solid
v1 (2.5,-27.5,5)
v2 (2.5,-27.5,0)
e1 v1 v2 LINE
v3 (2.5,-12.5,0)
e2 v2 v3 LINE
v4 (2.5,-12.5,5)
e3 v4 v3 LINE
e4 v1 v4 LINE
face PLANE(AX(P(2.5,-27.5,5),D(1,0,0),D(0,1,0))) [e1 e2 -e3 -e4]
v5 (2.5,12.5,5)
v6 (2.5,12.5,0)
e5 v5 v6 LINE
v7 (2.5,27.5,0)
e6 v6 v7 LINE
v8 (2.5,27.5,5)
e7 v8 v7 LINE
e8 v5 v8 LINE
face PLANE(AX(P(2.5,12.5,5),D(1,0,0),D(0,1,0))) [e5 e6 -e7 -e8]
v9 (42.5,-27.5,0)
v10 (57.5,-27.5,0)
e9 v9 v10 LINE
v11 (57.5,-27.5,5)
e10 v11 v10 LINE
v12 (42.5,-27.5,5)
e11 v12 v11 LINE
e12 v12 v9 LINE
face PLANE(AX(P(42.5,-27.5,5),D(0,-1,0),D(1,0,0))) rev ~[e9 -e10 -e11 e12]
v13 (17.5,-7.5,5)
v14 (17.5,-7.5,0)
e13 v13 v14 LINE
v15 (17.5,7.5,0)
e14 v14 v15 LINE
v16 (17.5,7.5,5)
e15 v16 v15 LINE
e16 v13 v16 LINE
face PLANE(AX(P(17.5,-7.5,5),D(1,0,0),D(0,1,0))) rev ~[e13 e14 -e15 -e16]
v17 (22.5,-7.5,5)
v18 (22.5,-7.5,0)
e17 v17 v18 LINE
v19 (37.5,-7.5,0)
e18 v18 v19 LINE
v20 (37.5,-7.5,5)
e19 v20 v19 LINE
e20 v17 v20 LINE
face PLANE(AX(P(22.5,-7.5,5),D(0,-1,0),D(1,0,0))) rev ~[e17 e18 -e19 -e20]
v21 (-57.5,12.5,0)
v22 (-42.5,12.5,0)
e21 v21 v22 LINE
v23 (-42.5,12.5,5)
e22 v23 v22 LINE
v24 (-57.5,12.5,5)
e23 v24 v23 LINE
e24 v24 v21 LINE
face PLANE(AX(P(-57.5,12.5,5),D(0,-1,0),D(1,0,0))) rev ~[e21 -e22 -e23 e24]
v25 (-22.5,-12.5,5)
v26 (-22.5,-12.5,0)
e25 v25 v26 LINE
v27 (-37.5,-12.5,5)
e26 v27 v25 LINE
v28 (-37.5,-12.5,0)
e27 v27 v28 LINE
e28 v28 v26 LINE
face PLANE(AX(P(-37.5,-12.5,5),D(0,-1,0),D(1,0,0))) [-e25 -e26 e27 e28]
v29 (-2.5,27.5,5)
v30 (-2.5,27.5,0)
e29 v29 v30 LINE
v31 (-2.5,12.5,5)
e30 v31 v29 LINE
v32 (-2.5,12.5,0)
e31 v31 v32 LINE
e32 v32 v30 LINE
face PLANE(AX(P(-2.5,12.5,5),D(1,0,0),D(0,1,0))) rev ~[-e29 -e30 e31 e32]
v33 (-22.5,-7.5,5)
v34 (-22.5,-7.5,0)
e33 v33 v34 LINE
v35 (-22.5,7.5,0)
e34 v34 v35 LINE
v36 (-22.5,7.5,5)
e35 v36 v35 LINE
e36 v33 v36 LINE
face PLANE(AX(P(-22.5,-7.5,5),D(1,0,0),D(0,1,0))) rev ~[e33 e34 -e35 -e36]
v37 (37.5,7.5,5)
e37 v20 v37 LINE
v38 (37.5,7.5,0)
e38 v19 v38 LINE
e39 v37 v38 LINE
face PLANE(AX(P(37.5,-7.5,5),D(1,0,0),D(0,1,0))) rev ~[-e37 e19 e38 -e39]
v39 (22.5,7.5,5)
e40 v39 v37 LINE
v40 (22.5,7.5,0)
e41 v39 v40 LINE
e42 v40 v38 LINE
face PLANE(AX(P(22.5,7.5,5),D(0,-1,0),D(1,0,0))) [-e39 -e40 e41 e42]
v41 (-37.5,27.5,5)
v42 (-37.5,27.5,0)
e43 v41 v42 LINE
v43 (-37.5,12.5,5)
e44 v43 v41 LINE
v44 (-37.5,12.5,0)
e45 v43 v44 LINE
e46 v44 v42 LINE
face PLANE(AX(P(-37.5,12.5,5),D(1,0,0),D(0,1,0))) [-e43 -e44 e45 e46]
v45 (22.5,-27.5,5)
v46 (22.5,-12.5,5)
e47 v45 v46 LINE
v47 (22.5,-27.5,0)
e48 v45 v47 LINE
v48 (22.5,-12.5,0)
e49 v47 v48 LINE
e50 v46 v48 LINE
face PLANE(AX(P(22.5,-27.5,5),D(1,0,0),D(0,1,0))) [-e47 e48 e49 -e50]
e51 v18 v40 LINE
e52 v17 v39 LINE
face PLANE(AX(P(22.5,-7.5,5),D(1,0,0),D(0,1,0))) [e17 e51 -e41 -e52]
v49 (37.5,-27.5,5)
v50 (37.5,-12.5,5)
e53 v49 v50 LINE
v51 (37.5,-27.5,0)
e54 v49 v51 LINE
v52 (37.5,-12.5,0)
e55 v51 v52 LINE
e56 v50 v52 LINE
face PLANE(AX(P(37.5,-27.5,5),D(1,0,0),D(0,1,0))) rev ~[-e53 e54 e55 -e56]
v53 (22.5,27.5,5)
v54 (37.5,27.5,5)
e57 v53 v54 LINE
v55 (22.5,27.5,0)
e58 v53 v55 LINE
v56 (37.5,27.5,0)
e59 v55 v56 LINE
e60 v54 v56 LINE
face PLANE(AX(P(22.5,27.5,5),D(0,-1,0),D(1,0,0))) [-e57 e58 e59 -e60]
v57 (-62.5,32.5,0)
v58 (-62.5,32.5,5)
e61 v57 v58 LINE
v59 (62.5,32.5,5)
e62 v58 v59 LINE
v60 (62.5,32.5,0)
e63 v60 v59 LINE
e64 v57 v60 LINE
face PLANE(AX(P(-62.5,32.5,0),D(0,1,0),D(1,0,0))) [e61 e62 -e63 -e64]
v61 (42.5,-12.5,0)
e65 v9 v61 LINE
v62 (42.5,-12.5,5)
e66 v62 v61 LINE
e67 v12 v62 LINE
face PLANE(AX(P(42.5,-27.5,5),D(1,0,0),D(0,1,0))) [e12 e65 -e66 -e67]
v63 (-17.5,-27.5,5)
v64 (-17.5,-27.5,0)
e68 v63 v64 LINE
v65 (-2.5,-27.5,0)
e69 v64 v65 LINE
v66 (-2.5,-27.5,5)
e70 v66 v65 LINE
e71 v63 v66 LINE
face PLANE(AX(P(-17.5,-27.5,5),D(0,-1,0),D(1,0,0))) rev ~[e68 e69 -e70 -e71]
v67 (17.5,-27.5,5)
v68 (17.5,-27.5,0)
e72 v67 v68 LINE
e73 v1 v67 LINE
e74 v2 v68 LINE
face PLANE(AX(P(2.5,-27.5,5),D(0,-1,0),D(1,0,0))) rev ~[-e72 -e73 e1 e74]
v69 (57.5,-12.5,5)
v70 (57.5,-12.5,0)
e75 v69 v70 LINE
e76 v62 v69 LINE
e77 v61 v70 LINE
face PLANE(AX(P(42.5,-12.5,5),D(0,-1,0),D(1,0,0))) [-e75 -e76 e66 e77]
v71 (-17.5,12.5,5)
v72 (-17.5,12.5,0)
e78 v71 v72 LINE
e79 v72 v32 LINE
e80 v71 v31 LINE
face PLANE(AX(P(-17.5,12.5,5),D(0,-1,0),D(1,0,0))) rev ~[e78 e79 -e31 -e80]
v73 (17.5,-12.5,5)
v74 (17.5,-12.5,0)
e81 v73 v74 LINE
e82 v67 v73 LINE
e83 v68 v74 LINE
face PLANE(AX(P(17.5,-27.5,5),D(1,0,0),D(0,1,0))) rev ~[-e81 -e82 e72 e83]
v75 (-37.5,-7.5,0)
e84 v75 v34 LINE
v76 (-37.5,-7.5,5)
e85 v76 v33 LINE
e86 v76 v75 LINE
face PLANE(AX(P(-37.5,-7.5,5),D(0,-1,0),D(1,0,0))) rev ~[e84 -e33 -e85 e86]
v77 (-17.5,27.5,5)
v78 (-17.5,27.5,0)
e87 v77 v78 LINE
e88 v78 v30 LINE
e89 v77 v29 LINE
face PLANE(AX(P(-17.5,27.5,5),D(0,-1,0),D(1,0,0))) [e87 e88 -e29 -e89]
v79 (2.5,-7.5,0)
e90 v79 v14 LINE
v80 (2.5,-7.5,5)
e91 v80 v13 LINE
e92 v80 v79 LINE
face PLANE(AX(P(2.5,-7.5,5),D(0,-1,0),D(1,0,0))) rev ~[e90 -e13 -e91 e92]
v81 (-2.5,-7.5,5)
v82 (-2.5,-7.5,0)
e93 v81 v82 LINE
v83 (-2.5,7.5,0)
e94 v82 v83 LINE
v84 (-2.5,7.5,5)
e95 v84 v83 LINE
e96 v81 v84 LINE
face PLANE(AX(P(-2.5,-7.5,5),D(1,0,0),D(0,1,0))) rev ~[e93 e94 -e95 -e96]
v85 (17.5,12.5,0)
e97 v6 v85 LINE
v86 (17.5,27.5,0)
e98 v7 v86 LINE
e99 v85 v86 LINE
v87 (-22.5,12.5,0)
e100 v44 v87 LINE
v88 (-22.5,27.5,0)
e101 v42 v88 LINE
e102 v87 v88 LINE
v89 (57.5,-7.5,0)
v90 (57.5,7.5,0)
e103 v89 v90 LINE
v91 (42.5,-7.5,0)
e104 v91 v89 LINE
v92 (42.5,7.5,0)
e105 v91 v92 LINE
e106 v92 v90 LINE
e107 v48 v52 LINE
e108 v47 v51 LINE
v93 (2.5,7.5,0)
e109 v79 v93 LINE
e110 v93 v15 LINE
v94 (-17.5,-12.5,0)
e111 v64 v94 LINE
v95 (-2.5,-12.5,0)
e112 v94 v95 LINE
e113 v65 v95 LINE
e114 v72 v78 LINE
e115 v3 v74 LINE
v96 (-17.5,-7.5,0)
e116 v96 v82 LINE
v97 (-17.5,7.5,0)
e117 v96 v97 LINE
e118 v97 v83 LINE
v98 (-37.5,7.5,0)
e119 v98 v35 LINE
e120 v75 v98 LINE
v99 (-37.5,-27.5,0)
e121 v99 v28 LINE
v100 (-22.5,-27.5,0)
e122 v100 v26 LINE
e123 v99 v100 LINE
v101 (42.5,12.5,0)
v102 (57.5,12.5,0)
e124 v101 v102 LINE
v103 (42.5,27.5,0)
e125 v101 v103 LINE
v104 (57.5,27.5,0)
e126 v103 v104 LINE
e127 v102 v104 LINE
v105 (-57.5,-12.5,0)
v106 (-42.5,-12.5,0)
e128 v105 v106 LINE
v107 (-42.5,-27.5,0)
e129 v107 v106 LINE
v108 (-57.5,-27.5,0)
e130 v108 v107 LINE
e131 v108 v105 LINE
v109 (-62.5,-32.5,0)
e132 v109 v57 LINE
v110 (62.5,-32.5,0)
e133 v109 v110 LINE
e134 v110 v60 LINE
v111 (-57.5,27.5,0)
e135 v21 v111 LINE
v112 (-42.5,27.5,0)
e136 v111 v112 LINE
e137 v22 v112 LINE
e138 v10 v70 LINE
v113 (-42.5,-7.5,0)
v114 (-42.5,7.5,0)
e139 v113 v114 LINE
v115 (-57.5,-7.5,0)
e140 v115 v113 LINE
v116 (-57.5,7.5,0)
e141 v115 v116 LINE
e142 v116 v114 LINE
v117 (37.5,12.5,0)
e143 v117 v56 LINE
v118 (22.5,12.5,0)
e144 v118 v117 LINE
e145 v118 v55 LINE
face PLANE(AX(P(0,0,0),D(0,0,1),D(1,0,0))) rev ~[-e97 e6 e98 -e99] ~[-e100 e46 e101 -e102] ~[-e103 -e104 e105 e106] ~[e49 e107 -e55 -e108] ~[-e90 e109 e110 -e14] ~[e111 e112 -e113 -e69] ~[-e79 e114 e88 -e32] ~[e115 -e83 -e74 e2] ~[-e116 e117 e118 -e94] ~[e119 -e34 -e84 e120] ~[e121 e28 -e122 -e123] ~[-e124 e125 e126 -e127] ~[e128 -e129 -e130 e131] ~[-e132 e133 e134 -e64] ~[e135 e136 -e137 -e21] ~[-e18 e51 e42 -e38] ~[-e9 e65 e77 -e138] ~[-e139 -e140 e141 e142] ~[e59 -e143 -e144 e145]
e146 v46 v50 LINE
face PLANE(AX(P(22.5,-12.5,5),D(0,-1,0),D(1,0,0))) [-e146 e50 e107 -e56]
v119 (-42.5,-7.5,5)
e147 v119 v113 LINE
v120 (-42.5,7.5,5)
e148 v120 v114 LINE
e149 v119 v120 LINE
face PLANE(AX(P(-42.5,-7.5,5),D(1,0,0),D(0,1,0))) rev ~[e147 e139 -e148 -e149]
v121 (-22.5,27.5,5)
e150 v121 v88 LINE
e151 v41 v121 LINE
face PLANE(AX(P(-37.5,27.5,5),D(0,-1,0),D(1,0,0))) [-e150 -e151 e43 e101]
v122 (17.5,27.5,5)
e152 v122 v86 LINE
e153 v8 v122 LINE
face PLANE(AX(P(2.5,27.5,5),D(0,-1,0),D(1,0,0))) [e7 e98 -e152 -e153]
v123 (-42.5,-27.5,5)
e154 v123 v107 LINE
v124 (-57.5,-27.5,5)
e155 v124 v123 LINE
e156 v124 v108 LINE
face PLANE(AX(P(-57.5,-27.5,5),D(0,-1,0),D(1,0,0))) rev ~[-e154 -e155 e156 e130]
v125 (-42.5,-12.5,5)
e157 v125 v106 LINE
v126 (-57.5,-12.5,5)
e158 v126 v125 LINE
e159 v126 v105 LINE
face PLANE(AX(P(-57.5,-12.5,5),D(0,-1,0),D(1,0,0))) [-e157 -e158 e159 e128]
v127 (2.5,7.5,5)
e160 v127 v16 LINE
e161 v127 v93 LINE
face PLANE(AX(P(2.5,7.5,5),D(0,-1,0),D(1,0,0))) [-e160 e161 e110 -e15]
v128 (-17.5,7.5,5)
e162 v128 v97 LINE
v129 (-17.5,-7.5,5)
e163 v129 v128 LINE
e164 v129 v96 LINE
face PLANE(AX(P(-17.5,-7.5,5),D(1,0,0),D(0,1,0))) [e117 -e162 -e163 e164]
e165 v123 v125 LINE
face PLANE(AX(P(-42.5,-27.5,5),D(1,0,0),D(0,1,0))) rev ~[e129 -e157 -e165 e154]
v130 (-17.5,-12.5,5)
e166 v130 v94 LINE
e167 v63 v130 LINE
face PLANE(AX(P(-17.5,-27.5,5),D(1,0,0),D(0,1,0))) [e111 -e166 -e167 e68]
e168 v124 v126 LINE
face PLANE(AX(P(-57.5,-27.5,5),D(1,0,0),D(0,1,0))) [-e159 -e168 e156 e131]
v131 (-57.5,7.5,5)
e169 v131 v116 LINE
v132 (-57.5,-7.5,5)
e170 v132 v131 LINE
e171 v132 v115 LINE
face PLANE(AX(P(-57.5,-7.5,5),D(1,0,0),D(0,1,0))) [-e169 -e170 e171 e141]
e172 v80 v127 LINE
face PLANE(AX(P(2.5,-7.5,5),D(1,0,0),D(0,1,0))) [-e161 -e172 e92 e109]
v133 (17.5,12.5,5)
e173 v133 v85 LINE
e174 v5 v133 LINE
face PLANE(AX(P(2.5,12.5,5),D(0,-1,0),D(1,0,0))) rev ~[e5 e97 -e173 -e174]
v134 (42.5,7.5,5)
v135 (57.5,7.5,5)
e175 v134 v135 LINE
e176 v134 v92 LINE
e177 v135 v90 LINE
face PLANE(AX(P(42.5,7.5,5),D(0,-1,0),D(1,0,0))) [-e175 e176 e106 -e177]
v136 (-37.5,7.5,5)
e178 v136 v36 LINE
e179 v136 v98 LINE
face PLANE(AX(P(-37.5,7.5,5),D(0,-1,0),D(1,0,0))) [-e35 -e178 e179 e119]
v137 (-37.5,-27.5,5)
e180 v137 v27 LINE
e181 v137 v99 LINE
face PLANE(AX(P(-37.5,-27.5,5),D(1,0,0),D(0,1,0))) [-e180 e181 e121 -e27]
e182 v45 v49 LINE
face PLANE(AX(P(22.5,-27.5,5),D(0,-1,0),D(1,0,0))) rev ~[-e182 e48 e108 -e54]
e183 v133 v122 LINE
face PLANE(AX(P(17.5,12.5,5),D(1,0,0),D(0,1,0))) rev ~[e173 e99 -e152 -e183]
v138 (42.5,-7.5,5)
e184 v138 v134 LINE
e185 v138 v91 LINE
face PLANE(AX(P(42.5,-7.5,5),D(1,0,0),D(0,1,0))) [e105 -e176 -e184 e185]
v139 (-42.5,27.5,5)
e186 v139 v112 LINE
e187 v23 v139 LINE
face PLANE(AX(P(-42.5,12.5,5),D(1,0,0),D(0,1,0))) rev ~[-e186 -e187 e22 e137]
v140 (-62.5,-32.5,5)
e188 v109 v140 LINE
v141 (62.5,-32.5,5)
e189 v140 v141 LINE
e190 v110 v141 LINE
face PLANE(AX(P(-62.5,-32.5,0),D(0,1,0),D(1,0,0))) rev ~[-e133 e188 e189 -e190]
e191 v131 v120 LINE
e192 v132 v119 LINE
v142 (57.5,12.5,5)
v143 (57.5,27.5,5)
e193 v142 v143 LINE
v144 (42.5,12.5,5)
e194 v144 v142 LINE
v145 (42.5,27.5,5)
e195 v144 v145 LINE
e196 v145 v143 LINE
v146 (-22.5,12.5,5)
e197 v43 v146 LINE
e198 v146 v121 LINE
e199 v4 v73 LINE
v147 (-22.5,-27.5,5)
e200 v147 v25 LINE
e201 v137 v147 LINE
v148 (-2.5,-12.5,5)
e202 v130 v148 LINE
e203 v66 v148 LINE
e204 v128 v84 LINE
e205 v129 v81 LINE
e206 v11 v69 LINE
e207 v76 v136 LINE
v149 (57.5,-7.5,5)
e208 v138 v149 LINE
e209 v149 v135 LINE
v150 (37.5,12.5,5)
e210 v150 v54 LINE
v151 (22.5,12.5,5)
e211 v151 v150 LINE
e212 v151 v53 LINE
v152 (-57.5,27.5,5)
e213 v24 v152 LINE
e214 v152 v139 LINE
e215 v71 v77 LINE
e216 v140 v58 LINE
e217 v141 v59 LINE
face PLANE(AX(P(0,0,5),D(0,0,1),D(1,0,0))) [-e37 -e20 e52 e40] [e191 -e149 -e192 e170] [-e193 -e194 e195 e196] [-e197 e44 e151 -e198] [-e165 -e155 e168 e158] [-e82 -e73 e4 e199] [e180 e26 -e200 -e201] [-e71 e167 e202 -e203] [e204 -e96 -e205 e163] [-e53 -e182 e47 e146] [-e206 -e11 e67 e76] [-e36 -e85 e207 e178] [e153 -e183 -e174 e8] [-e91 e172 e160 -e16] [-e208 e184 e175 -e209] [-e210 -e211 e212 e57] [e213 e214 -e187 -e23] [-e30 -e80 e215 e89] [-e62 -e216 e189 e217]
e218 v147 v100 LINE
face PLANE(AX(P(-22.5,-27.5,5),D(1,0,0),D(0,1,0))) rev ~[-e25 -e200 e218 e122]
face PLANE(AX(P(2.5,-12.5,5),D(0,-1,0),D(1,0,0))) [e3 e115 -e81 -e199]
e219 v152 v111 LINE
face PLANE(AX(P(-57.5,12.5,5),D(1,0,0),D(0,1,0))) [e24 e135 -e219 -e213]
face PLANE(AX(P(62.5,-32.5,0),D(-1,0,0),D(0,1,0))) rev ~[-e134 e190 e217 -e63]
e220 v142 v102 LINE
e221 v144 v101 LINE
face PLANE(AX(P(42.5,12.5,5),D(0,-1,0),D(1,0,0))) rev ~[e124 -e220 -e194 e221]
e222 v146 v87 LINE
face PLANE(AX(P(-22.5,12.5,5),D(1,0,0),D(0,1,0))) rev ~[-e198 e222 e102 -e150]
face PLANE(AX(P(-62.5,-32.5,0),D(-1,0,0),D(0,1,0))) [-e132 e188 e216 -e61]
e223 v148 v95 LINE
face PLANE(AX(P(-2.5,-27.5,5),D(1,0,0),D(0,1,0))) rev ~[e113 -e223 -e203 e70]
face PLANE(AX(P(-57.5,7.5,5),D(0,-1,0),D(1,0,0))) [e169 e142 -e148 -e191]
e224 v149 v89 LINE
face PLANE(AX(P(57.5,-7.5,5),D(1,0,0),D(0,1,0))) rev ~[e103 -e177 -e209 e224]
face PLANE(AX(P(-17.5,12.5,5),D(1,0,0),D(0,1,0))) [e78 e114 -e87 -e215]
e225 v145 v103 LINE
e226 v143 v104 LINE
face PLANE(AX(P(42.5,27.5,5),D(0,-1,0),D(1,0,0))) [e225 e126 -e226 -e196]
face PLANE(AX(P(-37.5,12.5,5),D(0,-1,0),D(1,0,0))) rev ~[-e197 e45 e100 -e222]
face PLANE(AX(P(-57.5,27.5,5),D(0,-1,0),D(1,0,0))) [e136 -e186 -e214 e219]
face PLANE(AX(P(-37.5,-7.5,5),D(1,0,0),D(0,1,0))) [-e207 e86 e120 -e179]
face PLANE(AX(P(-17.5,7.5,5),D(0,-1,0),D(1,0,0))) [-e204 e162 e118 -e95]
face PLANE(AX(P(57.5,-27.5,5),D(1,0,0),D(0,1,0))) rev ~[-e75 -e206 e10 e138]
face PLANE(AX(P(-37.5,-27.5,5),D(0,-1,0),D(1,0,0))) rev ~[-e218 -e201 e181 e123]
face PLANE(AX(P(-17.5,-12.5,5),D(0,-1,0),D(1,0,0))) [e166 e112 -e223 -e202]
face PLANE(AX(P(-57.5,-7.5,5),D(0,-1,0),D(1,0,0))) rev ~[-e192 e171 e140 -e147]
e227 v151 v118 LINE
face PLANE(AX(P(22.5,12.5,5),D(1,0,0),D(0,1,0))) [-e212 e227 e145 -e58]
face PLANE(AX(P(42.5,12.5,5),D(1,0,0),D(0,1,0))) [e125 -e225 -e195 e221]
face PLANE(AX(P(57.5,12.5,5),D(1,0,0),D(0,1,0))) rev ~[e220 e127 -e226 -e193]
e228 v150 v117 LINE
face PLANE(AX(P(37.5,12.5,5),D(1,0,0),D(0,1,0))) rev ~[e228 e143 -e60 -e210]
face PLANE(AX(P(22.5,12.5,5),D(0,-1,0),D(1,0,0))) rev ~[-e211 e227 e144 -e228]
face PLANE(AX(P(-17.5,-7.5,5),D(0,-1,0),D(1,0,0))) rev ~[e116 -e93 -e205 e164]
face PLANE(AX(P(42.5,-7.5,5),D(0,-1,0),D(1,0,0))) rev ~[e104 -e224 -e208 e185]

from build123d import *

# Parameters (mm, degrees)
SKETCH_1_W                  = 125
SKETCH_1_H                  = 65
EXTRUDE_1_DEPTH             = 5
SKETCH_2_W                  = 15
SKETCH_2_H                  = 15
CUT_EXTRUDE_1_DEPTH         = 5
PATTERN_LINEAR_1_COUNT      = 6
PATTERN_LINEAR_1_PITCH      = 20
PATTERN_LINEAR_1_COUNT_DIR2 = 3
PATTERN_LINEAR_1_PITCH_DIR2 = 20


with BuildPart() as part:
    # 草图1 → 凸台-拉伸1 (new body)
    with BuildSketch(Plane.XY):
        Rectangle(SKETCH_1_W, SKETCH_1_H)
    extrude(amount=EXTRUDE_1_DEPTH)

    # 草图2 → 切除-拉伸1 (cut)
    with BuildSketch(Plane.XY.offset(5)):
        with Locations((-50, 20)):
            Rectangle(SKETCH_2_W, SKETCH_2_H)
    cut_extrude_1 = extrude(amount=-CUT_EXTRUDE_1_DEPTH, mode=Mode.SUBTRACT)

    # 阵列(线性)1: Cut-Extrude 1 6 × 3
    with Locations(*[(i * PATTERN_LINEAR_1_PITCH, -j * PATTERN_LINEAR_1_PITCH_DIR2, 0) for i in range(PATTERN_LINEAR_1_COUNT) for j in range(PATTERN_LINEAR_1_COUNT_DIR2) if (i, j) != (0, 0)]):
        add(cut_extrude_1, mode=Mode.SUBTRACT)


solid = part.part
